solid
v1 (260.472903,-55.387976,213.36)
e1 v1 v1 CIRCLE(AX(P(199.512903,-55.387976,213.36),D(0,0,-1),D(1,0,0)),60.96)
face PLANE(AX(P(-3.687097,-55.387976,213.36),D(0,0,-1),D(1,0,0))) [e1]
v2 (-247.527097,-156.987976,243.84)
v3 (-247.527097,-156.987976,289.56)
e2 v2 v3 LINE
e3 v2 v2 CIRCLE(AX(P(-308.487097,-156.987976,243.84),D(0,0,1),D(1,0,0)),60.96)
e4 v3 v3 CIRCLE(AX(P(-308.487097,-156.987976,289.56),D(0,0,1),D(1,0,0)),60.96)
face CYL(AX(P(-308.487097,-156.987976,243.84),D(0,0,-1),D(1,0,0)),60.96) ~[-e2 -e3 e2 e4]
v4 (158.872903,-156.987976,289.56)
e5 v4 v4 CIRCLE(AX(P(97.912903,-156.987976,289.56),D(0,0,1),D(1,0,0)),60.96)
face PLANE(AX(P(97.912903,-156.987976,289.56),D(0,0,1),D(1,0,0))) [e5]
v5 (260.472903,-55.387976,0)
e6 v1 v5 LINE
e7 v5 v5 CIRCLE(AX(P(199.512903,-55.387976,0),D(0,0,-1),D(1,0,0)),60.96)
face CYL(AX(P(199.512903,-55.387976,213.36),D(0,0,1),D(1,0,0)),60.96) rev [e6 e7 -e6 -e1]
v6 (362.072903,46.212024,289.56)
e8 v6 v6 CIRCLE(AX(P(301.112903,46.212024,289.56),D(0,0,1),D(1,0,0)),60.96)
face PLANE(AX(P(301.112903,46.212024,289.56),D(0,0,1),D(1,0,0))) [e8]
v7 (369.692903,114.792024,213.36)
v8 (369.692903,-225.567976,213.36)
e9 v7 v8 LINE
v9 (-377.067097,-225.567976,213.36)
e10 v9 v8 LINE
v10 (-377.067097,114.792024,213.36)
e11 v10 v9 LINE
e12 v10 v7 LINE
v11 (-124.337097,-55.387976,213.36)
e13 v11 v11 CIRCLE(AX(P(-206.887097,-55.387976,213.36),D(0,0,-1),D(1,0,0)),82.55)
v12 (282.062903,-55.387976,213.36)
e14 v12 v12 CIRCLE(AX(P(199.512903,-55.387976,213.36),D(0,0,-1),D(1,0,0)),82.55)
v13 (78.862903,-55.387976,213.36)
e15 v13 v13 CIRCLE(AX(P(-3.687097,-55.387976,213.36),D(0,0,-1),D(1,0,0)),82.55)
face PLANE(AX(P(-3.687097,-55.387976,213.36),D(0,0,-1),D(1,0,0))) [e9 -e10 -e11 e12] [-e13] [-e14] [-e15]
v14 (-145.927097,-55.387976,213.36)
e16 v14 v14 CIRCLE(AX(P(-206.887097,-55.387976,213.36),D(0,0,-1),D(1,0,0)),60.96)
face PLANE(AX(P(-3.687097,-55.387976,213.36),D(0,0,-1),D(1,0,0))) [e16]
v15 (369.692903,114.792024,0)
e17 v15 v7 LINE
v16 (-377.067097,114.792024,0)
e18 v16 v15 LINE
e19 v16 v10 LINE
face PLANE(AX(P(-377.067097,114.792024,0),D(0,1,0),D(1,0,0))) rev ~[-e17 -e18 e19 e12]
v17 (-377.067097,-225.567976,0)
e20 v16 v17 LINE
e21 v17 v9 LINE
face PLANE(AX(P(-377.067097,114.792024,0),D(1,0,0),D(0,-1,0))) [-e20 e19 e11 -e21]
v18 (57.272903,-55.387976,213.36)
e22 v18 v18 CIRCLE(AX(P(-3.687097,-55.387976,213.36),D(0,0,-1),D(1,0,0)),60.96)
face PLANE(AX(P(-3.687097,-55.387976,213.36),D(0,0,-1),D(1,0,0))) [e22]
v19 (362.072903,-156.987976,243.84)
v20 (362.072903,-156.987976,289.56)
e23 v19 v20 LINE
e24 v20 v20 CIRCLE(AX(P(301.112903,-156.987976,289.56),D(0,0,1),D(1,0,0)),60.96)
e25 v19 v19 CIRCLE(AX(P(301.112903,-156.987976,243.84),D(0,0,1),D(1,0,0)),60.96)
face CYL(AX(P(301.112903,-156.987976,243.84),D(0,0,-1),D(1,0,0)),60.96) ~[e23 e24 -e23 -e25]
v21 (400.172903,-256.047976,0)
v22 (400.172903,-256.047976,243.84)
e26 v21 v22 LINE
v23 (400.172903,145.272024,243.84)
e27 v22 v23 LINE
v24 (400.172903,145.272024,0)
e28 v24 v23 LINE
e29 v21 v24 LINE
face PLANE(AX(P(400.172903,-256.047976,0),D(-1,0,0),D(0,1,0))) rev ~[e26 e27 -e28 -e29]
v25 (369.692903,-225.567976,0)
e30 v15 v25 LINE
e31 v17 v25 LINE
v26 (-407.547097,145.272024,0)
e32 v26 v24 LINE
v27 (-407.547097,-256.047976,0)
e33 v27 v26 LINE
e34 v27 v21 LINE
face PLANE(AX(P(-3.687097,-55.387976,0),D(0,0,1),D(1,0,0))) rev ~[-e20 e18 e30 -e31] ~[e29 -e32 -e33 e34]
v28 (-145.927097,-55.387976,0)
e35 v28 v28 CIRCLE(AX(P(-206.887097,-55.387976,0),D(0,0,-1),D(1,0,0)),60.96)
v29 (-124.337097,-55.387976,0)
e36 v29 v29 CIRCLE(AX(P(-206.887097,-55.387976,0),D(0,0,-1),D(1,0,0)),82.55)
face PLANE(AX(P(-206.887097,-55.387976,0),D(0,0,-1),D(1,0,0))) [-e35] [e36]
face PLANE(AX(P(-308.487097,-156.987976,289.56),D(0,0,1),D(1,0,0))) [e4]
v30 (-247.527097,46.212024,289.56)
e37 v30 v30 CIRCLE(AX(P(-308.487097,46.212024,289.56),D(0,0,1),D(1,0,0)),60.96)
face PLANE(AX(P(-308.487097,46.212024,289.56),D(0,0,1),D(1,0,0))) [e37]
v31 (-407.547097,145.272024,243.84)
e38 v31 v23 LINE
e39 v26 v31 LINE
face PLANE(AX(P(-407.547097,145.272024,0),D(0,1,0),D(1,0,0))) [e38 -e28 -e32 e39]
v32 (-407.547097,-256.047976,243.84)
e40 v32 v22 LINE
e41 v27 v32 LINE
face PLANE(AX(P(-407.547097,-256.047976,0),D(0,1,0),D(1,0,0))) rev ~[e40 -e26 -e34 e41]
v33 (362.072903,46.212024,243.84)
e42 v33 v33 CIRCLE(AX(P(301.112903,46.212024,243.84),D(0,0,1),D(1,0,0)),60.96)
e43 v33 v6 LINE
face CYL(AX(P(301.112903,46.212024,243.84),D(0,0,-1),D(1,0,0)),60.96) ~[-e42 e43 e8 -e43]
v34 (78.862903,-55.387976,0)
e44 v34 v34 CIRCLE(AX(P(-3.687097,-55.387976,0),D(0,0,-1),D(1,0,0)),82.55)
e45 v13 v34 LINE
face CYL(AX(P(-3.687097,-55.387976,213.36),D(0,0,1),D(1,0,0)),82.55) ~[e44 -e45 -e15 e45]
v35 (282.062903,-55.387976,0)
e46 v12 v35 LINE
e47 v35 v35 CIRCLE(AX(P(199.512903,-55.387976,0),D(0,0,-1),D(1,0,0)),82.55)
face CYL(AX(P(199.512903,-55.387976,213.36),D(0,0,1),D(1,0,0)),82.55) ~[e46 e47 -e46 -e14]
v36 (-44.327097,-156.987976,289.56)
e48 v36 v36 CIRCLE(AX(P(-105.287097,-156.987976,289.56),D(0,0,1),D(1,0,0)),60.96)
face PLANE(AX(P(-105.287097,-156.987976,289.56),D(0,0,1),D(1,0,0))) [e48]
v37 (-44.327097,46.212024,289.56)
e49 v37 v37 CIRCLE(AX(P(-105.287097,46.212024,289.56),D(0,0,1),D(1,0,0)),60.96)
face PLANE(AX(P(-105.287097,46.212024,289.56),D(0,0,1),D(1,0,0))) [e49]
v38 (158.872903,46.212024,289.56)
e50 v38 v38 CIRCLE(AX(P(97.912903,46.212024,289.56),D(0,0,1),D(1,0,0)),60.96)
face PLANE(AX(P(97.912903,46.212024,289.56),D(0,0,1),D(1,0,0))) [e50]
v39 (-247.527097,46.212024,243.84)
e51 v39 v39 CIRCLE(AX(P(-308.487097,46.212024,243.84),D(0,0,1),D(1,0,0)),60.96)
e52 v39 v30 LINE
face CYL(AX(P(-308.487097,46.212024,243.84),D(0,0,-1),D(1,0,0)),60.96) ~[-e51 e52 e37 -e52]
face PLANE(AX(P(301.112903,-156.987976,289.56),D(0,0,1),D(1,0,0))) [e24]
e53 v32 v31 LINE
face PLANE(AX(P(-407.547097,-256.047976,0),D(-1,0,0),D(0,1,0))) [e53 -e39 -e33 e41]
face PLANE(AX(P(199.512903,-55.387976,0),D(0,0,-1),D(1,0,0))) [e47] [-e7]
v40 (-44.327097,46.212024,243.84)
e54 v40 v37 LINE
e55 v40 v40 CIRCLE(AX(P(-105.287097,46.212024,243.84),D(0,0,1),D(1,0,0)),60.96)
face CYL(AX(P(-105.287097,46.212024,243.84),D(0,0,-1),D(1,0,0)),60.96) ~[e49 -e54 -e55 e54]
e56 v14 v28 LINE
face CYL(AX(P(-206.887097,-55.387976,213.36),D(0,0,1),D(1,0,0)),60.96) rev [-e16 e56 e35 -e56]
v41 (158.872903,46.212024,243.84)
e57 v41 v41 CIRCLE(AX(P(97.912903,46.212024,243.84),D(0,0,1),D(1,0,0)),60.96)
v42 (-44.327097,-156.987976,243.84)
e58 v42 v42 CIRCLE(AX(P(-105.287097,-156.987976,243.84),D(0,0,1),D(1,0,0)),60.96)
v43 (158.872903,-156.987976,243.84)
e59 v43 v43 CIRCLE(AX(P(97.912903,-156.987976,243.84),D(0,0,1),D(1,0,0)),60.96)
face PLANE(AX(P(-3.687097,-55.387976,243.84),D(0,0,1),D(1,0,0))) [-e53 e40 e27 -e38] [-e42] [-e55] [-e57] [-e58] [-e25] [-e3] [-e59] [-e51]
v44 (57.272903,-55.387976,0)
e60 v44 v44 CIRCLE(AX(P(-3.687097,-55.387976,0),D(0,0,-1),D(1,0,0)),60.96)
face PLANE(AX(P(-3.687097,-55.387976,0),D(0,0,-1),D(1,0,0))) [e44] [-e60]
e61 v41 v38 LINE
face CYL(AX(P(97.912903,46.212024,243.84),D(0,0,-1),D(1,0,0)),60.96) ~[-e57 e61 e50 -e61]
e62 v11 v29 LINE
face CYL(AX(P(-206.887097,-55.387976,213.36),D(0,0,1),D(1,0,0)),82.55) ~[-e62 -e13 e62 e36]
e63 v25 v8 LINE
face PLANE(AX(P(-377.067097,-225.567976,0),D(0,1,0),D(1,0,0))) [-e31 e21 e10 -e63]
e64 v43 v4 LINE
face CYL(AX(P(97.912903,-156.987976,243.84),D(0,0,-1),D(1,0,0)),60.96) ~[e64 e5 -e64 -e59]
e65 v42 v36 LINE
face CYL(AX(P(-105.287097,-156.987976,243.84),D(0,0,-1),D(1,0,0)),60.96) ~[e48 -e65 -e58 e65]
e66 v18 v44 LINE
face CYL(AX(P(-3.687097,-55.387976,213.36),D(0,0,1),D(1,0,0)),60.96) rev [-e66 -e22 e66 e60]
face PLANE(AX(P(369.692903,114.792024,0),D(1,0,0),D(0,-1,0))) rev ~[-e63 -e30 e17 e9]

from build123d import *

# Parameters (mm, degrees)
F0_W     = 807.72
F0_H     = 401.32
F1_DEPTH = 243.84
F2_R     = 60.96
F3_DEPTH = 45.72
F4_W     = 746.76
F4_H     = 340.36
F5_DEPTH = 213.36
F6_R     = 82.55
F6_R_2   = 60.96
F7_DEPTH = 213.36


with BuildPart() as f1:
    # F0 (on Top) → F1 (new body)
    with BuildSketch(Plane.XY):
        with Locations((-3.687097, -55.387976)):
            Rectangle(F0_W, F0_H)
    extrude(amount=F1_DEPTH)

    # F2 (on face) → F3 (join)
    with BuildSketch(Plane.XY.offset(243.84)):
        with Locations((301.112903, -156.987976)):
            Circle(F2_R)
        with Locations((301.112903, 46.212024)):
            Circle(F2_R)
        with Locations((97.912903, 46.212024)):
            Circle(F2_R)
        with Locations((97.912903, -156.987976)):
            Circle(F2_R)
        with Locations((-105.287097, -156.987976)):
            Circle(F2_R)
        with Locations((-105.287097, 46.212024)):
            Circle(F2_R)
        with Locations((-308.487097, 46.212024)):
            Circle(F2_R)
        with Locations((-308.487097, -156.987976)):
            Circle(F2_R)
    extrude(amount=F3_DEPTH)

    # F4 (on face) → F5 (cut)
    with BuildSketch(Plane(origin=(0, 0, 0), x_dir=(1, 0, 0), z_dir=(0, 0, -1))):
        with Locations((-3.687097, 55.387976)):
            Rectangle(F4_W, F4_H)
    extrude(amount=-F5_DEPTH, mode=Mode.SUBTRACT)

    # F6 (on face) → F7 (join)
    with BuildSketch(Plane(origin=(0, 0, 213.36), x_dir=(1, 0, 0), z_dir=(0, 0, -1))):
        with Locations((-206.887097, 55.387976)):
            Circle(F6_R)
        with Locations((-206.887097, 55.387976)):
            Circle(F6_R_2, mode=Mode.SUBTRACT)
        with Locations((-3.687097, 55.387976)):
            Circle(F6_R)
        with Locations((-3.687097, 55.387976)):
            Circle(F6_R_2, mode=Mode.SUBTRACT)
        with Locations((199.512903, 55.387976)):
            Circle(F6_R)
        with Locations((199.512903, 55.387976)):
            Circle(F6_R_2, mode=Mode.SUBTRACT)
    extrude(amount=F7_DEPTH)


solid = f1.part
